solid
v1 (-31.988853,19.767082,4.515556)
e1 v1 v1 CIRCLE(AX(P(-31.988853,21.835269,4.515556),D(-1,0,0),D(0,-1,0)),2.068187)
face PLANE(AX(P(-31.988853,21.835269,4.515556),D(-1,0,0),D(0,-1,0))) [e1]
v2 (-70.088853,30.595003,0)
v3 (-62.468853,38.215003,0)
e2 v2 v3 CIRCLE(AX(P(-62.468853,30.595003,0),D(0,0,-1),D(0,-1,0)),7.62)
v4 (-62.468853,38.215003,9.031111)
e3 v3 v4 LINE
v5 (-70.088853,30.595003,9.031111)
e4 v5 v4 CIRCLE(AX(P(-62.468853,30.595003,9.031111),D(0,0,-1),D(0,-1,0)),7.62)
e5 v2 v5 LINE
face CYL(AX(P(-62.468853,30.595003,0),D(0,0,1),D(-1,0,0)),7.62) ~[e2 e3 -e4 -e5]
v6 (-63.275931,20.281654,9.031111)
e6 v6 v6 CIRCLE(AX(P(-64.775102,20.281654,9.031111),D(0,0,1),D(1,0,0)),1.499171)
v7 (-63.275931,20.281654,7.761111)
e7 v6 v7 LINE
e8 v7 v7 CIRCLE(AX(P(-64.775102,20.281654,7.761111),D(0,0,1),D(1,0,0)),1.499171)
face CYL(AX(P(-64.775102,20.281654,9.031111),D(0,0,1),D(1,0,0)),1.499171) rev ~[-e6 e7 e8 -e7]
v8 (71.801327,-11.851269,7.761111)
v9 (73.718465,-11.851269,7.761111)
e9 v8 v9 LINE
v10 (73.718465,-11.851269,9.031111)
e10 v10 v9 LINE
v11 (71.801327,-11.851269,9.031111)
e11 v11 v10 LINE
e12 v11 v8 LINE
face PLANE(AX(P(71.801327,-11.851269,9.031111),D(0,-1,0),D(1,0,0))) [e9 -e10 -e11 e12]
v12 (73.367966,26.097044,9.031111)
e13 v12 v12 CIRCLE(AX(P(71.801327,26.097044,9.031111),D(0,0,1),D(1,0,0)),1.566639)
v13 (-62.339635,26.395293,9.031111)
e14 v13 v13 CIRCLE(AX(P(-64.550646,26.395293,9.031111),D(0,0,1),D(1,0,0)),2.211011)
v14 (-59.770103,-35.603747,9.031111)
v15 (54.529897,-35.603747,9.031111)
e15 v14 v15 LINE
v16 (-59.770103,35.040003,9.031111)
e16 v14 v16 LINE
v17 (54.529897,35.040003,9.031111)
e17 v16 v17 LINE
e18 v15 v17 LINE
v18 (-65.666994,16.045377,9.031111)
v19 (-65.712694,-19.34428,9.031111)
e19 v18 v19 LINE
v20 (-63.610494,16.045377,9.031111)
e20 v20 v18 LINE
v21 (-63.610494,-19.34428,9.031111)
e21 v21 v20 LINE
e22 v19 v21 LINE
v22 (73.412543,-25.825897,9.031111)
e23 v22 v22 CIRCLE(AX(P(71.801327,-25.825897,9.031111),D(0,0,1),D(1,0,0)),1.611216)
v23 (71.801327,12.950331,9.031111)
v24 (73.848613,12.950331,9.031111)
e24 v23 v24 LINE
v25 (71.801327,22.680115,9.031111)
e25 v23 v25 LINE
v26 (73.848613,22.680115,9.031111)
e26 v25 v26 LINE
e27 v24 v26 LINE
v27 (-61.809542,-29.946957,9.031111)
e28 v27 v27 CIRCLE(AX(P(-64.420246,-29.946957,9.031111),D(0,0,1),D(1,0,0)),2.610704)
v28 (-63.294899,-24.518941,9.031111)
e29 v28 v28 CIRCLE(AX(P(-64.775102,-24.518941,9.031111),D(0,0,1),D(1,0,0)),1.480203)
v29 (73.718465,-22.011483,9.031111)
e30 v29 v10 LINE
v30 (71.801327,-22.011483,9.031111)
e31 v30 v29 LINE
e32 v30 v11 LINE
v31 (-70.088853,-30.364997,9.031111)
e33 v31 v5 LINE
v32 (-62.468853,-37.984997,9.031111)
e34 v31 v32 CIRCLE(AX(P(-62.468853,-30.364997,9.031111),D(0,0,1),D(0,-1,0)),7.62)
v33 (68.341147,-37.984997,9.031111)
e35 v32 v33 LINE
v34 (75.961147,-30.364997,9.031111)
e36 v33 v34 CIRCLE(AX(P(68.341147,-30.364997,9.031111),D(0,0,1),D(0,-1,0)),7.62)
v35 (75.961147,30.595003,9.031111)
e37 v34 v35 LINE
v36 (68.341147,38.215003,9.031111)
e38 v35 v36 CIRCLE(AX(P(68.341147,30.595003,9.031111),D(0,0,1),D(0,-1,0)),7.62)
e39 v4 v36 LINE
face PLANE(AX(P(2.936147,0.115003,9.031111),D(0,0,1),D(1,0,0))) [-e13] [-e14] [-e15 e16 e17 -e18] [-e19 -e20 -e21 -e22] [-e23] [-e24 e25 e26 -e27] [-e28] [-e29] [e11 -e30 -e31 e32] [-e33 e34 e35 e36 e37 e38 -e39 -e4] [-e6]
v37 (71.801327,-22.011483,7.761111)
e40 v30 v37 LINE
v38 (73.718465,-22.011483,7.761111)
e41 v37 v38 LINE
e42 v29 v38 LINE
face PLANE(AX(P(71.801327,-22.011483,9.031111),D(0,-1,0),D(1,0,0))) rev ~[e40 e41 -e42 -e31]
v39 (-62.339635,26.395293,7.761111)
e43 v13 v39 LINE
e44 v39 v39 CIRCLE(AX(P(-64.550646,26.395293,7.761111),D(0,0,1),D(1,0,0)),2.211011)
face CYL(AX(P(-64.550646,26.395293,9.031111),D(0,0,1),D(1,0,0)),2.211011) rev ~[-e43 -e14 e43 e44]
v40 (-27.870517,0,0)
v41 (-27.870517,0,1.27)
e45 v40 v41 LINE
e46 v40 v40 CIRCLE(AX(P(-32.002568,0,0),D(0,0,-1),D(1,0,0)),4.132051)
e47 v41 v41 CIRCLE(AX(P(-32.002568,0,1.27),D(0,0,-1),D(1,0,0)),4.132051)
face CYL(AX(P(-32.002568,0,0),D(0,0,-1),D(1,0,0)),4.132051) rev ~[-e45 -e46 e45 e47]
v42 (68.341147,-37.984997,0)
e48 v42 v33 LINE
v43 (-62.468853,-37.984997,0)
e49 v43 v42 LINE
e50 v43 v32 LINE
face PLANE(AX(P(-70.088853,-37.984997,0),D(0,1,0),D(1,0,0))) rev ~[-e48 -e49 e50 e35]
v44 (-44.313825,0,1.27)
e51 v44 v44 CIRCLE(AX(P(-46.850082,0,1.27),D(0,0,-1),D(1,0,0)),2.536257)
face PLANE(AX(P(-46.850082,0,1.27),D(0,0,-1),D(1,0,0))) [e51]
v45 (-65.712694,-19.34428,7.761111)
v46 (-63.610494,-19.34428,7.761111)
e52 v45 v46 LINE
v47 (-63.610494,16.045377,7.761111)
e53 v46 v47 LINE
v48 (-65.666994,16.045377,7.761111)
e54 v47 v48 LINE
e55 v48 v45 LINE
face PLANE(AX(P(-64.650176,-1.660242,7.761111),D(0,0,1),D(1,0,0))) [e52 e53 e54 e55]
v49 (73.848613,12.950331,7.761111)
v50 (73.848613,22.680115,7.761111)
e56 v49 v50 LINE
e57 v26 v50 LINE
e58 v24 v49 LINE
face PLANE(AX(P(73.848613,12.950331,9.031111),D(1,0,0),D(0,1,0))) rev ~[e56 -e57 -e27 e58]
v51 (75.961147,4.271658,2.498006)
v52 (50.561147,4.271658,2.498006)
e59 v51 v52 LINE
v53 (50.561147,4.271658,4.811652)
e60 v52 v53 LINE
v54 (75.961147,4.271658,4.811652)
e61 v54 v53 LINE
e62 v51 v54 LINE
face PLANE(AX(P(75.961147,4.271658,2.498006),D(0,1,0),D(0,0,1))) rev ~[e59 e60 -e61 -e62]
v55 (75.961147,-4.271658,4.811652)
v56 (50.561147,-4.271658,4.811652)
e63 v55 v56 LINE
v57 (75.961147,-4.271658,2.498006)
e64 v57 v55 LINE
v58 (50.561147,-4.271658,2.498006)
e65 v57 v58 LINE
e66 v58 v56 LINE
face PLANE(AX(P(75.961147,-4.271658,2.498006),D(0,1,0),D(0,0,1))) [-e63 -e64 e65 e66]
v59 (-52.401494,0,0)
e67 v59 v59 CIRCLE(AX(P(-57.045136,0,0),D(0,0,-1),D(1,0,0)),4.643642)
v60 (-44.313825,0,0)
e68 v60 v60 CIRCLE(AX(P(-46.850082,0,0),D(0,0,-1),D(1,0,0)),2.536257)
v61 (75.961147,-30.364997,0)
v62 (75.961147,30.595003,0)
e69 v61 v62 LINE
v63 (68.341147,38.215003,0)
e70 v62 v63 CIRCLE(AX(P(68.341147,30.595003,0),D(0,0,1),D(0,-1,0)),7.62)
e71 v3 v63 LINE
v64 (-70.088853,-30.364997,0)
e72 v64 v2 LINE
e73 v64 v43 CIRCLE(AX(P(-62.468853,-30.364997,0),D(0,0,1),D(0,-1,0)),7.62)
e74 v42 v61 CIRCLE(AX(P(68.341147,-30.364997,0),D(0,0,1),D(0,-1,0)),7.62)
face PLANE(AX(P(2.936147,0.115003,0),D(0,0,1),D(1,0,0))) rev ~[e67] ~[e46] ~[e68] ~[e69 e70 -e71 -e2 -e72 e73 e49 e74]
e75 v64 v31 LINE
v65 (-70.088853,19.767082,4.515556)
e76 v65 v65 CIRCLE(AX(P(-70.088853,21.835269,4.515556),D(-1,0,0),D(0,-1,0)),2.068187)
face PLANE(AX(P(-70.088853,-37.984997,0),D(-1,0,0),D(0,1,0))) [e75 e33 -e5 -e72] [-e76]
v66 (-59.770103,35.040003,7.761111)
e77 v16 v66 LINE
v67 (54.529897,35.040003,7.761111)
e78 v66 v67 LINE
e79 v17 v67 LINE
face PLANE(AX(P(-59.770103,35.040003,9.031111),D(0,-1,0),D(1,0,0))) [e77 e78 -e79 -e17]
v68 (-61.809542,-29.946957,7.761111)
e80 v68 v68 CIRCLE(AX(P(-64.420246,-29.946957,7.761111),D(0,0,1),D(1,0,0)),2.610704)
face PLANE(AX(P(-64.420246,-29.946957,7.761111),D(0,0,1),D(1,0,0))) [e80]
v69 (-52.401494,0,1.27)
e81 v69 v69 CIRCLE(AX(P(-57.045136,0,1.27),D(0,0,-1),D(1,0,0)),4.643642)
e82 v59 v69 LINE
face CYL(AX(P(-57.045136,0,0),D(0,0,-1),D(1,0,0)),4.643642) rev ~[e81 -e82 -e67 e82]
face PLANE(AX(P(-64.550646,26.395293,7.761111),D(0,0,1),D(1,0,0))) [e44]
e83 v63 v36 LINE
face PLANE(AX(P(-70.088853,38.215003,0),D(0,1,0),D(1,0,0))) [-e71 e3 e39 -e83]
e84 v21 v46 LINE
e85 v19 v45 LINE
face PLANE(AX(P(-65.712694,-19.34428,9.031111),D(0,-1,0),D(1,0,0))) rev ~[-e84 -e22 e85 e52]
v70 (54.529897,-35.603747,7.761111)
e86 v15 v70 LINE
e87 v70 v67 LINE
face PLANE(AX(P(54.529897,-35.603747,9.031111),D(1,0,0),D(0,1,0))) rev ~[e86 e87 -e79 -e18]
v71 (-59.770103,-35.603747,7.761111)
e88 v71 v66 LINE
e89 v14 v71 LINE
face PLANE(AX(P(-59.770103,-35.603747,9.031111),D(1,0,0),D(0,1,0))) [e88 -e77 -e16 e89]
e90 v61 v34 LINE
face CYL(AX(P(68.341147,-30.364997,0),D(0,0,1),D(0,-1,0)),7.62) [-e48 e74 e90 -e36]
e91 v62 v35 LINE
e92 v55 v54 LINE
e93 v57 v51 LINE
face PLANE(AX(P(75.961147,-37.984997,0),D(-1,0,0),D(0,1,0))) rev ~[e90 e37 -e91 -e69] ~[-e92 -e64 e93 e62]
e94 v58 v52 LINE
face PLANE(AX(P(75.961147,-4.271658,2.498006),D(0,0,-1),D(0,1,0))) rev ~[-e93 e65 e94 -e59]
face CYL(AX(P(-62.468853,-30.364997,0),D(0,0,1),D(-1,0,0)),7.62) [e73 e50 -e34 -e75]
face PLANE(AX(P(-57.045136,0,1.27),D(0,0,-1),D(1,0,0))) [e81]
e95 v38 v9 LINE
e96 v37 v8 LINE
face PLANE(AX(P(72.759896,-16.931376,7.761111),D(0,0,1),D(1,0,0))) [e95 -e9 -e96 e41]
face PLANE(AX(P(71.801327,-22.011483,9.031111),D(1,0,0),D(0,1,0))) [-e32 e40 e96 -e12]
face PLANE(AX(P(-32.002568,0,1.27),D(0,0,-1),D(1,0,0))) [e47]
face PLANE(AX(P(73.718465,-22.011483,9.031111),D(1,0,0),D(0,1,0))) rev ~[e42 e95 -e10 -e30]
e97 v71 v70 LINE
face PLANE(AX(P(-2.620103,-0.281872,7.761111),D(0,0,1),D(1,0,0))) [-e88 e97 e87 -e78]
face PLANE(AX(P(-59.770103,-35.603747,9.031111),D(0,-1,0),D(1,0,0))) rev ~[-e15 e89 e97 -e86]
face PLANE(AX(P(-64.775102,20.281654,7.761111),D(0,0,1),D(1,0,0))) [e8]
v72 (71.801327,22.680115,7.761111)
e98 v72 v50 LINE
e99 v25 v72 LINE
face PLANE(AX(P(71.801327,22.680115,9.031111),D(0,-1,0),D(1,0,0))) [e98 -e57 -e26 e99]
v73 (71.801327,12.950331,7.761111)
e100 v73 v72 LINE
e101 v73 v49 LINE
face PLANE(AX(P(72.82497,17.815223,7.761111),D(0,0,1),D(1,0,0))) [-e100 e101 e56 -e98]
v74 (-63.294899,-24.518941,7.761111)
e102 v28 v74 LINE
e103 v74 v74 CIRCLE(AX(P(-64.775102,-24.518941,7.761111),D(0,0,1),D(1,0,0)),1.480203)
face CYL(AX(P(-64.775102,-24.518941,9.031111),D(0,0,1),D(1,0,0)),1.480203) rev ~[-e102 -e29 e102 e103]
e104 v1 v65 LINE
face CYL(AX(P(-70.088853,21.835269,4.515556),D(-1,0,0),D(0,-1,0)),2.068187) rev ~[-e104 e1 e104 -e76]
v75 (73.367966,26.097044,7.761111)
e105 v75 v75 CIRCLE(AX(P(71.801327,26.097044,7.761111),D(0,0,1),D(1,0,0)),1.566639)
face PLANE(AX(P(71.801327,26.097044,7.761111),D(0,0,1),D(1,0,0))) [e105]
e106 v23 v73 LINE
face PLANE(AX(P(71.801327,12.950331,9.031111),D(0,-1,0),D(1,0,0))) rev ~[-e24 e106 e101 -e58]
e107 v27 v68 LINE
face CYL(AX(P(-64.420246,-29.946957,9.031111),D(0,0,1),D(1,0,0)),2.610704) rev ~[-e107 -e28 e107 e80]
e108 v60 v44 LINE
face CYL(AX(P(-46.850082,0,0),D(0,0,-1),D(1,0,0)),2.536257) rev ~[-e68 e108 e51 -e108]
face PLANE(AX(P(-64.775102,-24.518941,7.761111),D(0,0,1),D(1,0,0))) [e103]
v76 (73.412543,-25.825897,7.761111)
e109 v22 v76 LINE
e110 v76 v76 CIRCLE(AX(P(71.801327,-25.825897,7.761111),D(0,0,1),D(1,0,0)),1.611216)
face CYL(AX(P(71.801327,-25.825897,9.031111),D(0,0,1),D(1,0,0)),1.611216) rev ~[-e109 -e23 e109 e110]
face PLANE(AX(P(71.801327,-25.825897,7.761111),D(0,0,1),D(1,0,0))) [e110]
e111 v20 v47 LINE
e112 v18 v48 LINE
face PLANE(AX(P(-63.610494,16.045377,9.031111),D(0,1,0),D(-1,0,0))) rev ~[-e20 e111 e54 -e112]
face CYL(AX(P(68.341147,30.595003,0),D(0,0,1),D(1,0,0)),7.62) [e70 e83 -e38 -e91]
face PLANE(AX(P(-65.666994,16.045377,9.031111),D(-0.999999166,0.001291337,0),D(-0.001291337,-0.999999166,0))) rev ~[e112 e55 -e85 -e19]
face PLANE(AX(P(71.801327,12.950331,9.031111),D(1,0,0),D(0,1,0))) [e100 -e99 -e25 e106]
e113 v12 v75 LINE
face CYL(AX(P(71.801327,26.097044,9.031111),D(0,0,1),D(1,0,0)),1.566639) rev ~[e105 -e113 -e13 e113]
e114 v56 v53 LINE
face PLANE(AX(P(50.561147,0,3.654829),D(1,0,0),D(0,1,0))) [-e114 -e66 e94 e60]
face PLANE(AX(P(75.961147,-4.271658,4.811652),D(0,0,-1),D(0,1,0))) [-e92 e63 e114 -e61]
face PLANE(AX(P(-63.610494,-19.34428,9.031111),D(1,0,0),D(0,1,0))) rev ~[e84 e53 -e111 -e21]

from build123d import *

# Parameters (mm, degrees)
F0_W      = 146.05
F0_H      = 76.2
F1_DEPTH  = 9.031111
F2_R      = 7.62
F3_W      = 8.543316
F3_H      = 2.313646
F4_DEPTH  = 25.4
F5_R      = 2.068187
F6_DEPTH  = 2.54
F7_DEPTH  = 38.1
F8_W      = 114.3
F8_H      = 70.64375
F9_DEPTH  = 1.27
F10_R     = 2.211011
F10_R_2   = 1.499171
F10_R_3   = 1.566639
F10_R_4   = 1.611216
F10_R_5   = 2.610704
F10_R_6   = 1.480203
F10_W     = 2.047286
F10_H     = 9.729784
F10_W_2   = 1.917139
F10_H_2   = 10.160214
F11_DEPTH = 1.27
F12_R     = 4.643642
F12_R_2   = 2.536257
F12_R_3   = 4.132051
F13_DEPTH = 1.27


with BuildPart() as f1:
    # F0 (on Top) → F1 (new body)
    with BuildSketch(Plane.XY):
        with Locations((2.936147, 0.115003)):
            Rectangle(F0_W, F0_H)
    extrude(amount=F1_DEPTH)

    # F2
    f2_edges = [f1.edges().sort_by_distance(p)[0] for p in [
        (75.961147, -37.984997, 4.515556),
        (-70.088853, -37.984997, 4.515556),
        (-70.088853, 38.215003, 4.515556),
        (75.961147, 38.215003, 4.515556),
    ]]
    fillet(f2_edges, radius=F2_R)

    # F3 (on face) → F4 (cut)
    with BuildSketch(Plane.YZ.offset(75.961147)):
        with Locations((0, 3.654829)):
            Rectangle(F3_W, F3_H)
    extrude(amount=-F4_DEPTH, mode=Mode.SUBTRACT)

    # F5 (on face) → F6 (cut)
    with BuildSketch(Plane(origin=(-70.088853, 0, 0), x_dir=(0, -1, 0), z_dir=(-1, 0, 0))):
        with Locations((-21.835269, 4.515556)):
            Circle(F5_R)
    extrude(amount=-F6_DEPTH, mode=Mode.SUBTRACT)

    # F5 (on face) → F7 (cut)
    with BuildSketch(Plane(origin=(-70.088853, 0, 0), x_dir=(0, -1, 0), z_dir=(-1, 0, 0))):
        with Locations((-21.835269, 4.515556)):
            Circle(F5_R)
    extrude(amount=-F7_DEPTH, mode=Mode.SUBTRACT)

    # F8 (on face) → F9 (cut)
    with BuildSketch(Plane.XY.offset(9.031111)):
        with Locations((-2.620103, -0.281872)):
            Rectangle(F8_W, F8_H)
    extrude(amount=-F9_DEPTH, mode=Mode.SUBTRACT)

    # F10 (on face) → F11 (cut)
    with BuildSketch(Plane.XY.offset(9.031111)):
        with Locations((-64.550646, 26.395293)):
            Circle(F10_R)
        with Locations((-64.775102, 20.281654)):
            Circle(F10_R_2)
        with Locations((71.801327, 26.097044)):
            Circle(F10_R_3)
        with Locations((71.801327, -25.825897)):
            Circle(F10_R_4)
        with Locations((-64.420246, -29.946957)):
            Circle(F10_R_5)
        with Locations((-64.775102, -24.518941)):
            Circle(F10_R_6)
        Polygon((-63.610494, 16.045377), (-65.666994, 16.045377), (-65.712694, -19.34428), (-63.610494, -19.34428), align=None)
        with Locations((72.82497, 17.815223)):
            Rectangle(F10_W, F10_H)
        with Locations((72.759896, -16.931376)):
            Rectangle(F10_W_2, F10_H_2)
    extrude(amount=-F11_DEPTH, mode=Mode.SUBTRACT)

    # F12 (on face) → F13 (cut)
    with BuildSketch(Plane(origin=(0, 0, 0), x_dir=(1, 0, 0), z_dir=(0, 0, -1))):
        with Locations((-57.045136, 0)):
            Circle(F12_R)
        with Locations((-46.850082, 0)):
            Circle(F12_R_2)
        with Locations((-32.002568, 0)):
            Circle(F12_R_3)
    extrude(amount=-F13_DEPTH, mode=Mode.SUBTRACT)


solid = f1.part
